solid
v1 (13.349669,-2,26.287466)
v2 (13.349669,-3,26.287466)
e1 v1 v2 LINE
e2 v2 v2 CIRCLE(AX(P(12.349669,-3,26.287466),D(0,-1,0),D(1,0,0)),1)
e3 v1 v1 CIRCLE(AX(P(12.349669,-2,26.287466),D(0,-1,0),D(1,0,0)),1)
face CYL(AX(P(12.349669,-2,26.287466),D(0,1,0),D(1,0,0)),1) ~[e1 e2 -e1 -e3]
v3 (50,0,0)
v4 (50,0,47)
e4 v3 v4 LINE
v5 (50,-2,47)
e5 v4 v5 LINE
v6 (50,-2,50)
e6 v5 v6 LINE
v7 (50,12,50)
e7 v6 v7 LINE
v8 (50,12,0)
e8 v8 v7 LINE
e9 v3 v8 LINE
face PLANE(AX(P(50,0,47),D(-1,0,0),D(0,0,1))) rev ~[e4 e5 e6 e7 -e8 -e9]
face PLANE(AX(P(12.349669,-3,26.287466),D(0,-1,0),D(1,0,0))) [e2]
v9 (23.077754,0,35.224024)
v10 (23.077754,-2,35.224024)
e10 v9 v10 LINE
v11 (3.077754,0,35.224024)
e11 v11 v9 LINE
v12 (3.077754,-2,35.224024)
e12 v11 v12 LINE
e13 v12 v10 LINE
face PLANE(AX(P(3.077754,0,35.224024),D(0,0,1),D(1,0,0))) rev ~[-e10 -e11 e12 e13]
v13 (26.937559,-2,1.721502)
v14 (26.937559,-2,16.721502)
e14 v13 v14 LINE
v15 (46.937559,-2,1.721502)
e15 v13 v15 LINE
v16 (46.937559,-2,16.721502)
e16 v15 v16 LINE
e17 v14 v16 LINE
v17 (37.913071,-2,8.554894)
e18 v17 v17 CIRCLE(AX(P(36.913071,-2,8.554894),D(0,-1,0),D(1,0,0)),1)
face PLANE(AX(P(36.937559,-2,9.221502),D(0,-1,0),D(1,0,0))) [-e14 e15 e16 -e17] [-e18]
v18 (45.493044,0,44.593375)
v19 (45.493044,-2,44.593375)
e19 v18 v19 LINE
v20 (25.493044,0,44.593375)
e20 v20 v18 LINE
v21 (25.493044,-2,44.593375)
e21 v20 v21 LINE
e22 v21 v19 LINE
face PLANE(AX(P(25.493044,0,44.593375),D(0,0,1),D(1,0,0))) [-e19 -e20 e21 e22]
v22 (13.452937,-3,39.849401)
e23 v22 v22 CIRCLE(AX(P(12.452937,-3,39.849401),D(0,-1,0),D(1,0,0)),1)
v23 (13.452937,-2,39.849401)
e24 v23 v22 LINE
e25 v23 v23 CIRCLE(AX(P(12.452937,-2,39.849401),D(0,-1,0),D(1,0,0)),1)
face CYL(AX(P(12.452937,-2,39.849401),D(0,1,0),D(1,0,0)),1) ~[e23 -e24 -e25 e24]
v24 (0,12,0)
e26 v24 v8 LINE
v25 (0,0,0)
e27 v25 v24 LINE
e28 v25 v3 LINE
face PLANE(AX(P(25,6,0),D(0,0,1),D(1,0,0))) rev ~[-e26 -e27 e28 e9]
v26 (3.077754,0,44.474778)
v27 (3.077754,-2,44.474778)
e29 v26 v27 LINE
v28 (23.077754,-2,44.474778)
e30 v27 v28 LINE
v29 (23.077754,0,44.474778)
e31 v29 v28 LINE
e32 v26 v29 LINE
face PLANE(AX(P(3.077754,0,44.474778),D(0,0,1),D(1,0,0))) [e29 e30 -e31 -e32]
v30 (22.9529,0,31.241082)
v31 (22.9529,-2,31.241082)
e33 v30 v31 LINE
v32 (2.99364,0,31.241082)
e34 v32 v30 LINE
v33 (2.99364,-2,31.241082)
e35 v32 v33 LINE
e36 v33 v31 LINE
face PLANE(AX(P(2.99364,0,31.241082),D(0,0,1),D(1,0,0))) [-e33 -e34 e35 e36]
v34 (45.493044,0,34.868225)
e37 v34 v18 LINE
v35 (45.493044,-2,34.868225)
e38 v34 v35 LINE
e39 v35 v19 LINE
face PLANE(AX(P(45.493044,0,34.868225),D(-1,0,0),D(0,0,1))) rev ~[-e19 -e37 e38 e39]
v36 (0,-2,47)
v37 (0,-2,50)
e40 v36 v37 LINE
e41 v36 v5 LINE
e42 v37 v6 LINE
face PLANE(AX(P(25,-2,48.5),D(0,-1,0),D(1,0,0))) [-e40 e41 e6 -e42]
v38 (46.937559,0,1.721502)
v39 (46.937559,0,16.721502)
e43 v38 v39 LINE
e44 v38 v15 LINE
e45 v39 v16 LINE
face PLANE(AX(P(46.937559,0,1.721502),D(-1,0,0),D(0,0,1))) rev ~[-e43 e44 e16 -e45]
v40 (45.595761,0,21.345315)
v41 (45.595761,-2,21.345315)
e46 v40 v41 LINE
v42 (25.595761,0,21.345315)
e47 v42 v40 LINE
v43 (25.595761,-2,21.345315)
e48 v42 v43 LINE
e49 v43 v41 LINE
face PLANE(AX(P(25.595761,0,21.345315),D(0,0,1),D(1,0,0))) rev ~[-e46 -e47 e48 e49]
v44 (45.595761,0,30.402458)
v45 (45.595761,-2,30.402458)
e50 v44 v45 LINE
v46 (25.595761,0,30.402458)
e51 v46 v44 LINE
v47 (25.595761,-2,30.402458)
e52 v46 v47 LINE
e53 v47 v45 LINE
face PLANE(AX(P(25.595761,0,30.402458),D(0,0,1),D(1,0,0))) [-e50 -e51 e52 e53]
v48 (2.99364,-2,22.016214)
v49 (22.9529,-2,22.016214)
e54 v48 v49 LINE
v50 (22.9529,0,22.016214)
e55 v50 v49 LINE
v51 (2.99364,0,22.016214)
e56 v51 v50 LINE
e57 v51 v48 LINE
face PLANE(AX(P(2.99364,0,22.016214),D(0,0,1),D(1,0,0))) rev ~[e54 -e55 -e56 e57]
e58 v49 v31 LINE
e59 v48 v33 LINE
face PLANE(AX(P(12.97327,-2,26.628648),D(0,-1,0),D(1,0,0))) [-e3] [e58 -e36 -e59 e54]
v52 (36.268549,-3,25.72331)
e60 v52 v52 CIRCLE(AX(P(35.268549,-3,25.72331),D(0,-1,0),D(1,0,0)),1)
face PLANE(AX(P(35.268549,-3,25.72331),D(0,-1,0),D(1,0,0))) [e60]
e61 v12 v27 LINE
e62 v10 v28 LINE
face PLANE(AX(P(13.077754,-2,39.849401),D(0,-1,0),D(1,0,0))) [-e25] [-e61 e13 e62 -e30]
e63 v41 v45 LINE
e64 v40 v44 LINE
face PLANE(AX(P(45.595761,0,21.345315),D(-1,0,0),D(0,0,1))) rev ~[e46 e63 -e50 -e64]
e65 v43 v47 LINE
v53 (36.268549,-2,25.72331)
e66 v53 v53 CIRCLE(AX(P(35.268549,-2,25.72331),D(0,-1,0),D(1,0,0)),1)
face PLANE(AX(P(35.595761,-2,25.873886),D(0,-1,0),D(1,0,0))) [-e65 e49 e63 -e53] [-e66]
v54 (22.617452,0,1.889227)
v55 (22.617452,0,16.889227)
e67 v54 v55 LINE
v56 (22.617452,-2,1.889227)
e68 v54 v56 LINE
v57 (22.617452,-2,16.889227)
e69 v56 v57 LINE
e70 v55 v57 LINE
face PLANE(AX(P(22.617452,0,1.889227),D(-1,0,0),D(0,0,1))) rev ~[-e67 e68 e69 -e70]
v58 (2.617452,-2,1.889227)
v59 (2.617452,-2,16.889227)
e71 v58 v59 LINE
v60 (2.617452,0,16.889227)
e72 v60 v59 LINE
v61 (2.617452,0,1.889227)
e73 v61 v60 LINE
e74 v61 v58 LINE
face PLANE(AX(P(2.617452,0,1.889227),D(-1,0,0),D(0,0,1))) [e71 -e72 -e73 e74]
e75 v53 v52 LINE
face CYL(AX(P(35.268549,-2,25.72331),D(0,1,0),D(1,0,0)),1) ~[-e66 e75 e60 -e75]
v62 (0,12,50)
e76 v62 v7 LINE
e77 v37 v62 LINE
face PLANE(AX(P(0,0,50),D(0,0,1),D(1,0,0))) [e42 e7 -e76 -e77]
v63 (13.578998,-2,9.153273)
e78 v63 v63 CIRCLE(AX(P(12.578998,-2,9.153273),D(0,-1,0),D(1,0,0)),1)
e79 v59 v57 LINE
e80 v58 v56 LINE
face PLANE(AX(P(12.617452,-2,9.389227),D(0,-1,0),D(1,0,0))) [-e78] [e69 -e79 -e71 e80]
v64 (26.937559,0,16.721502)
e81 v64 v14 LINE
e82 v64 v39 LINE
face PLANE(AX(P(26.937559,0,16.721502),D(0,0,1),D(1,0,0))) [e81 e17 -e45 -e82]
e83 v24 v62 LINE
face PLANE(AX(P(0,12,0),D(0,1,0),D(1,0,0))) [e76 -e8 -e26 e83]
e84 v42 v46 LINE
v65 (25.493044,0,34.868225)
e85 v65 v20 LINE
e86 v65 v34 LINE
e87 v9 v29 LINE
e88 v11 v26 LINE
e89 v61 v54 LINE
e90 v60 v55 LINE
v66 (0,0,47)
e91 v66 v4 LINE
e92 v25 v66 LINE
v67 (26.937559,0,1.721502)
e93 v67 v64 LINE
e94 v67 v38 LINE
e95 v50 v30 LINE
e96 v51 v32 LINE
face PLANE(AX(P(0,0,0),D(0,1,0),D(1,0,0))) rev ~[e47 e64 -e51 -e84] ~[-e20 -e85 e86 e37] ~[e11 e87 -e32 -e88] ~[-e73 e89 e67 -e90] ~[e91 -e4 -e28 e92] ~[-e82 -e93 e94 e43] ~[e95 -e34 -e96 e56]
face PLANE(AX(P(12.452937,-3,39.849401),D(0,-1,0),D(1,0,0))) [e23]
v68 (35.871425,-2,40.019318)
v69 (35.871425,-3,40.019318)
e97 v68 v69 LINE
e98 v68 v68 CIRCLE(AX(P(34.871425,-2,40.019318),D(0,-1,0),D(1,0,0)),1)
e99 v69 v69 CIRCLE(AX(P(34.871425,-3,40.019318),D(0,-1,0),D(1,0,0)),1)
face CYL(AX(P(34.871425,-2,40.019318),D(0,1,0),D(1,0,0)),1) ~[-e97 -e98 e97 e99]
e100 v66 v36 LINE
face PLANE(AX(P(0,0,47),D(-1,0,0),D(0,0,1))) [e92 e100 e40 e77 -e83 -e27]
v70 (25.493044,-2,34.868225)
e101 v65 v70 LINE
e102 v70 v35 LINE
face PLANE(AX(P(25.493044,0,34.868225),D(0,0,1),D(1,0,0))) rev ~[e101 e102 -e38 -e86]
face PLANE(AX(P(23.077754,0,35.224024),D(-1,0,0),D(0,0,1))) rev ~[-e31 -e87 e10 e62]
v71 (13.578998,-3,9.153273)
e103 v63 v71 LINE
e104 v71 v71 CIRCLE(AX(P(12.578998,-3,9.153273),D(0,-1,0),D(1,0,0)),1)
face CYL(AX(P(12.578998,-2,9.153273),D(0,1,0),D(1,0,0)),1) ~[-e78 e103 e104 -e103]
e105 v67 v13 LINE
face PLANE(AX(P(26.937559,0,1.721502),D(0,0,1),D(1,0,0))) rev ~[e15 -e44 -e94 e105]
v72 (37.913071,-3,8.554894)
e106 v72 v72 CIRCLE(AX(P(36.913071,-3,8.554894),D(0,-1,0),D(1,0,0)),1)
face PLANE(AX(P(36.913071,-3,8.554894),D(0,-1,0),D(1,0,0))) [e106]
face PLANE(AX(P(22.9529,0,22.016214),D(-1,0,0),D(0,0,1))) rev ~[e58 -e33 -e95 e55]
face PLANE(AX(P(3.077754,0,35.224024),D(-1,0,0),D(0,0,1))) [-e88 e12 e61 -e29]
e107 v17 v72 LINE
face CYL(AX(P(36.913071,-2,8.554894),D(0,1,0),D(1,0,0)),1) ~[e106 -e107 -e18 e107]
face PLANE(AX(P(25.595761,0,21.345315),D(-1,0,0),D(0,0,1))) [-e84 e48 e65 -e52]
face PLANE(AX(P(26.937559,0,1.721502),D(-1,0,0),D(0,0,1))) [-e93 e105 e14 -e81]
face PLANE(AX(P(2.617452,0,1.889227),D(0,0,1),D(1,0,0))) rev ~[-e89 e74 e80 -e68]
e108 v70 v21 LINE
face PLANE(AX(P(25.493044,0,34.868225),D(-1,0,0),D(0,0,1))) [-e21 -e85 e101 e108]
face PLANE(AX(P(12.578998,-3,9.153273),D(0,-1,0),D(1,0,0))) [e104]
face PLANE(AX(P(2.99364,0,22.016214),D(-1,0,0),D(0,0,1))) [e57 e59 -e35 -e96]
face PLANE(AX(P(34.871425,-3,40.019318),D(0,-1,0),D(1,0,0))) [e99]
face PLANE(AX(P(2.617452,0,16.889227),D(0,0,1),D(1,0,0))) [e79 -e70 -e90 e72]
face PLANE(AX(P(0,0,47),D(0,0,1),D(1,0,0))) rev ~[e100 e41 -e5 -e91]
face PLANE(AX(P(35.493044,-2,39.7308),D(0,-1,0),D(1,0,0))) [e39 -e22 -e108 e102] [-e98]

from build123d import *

# Parameters (mm, degrees)
F0_W      = 50
F0_H      = 12
F1_DEPTH  = 50
F3_W      = 20
F3_H      = 9.72515
F4_DEPTH  = 2
F2_W      = 20
F2_H      = 9.250753
F5_DEPTH  = 2
F6_W      = 19.959261
F6_H      = 9.224868
F7_DEPTH  = 2
F8_W      = 20
F8_H      = 9.057143
F9_DEPTH  = 2
F10_W     = 20
F10_H     = 15
F11_DEPTH = 2
F12_W     = 20
F12_H     = 15
F13_DEPTH = 2
F14_R     = 1
F15_DEPTH = 1
F16_W     = 50
F16_H     = 3
F17_DEPTH = 2
F18_R     = 1
F19_DEPTH = 1
F20_R     = 1
F21_DEPTH = 1
F22_R     = 1
F23_DEPTH = 1
F24_R     = 1
F25_DEPTH = 1


with BuildPart() as f1:
    # F0 (on Top) → F1 (new body)
    with BuildSketch(Plane.XY):
        with Locations((25, 6)):
            Rectangle(F0_W, F0_H)
    extrude(amount=F1_DEPTH)

    # F3 (on face) → F4 (join)
    with BuildSketch(Plane.XZ):
        with Locations((35.493044, 39.7308)):
            Rectangle(F3_W, F3_H)
    extrude(amount=F4_DEPTH)

    # F2 (on face) → F5 (join)
    with BuildSketch(Plane.XZ):
        with Locations((13.077754, 39.849401)):
            Rectangle(F2_W, F2_H)
    extrude(amount=F5_DEPTH)

    # F6 (on face) → F7 (join)
    with BuildSketch(Plane.XZ):
        with Locations((12.97327, 26.628648)):
            Rectangle(F6_W, F6_H)
    extrude(amount=F7_DEPTH)

    # F8 (on face) → F9 (join)
    with BuildSketch(Plane.XZ):
        with Locations((35.595761, 25.873886)):
            Rectangle(F8_W, F8_H)
    extrude(amount=F9_DEPTH)

    # F10 (on face) → F11 (join)
    with BuildSketch(Plane.XZ):
        with Locations((12.617452, 9.389227)):
            Rectangle(F10_W, F10_H)
    extrude(amount=F11_DEPTH)

    # F12 (on face) → F13 (join)
    with BuildSketch(Plane.XZ):
        with Locations((36.937559, 9.221502)):
            Rectangle(F12_W, F12_H)
    extrude(amount=F13_DEPTH)

    # F14 (on face) → F15 (join)
    with BuildSketch(Plane.XZ.offset(2)):
        with Locations((12.452937, 39.849401)):
            Circle(F14_R)
    extrude(amount=F15_DEPTH)

    # F16 (on face) → F17 (join)
    with BuildSketch(Plane.XZ):
        with Locations((25, 48.5)):
            Rectangle(F16_W, F16_H)
    extrude(amount=F17_DEPTH)

    # F18 (on face) → F19 (join)
    with BuildSketch(Plane.XZ.offset(2)):
        with Locations((34.871425, 40.019318)):
            Circle(F18_R)
    extrude(amount=F19_DEPTH)

    # F20 (on face) → F21 (join)
    with BuildSketch(Plane.XZ.offset(2)):
        with Locations((12.349669, 26.287466)):
            Circle(F20_R)
    extrude(amount=F21_DEPTH)

    # F22 (on face) → F23 (join)
    with BuildSketch(Plane.XZ.offset(2)):
        with Locations((35.268549, 25.72331)):
            Circle(F22_R)
    extrude(amount=F23_DEPTH)

    # F24 (on face) → F25 (join)
    with BuildSketch(Plane.XZ.offset(2)):
        with Locations((12.578998, 9.153273)):
            Circle(F24_R)
        with Locations((36.913071, 8.554894)):
            Circle(F24_R)
    extrude(amount=F25_DEPTH)


solid = f1.part
